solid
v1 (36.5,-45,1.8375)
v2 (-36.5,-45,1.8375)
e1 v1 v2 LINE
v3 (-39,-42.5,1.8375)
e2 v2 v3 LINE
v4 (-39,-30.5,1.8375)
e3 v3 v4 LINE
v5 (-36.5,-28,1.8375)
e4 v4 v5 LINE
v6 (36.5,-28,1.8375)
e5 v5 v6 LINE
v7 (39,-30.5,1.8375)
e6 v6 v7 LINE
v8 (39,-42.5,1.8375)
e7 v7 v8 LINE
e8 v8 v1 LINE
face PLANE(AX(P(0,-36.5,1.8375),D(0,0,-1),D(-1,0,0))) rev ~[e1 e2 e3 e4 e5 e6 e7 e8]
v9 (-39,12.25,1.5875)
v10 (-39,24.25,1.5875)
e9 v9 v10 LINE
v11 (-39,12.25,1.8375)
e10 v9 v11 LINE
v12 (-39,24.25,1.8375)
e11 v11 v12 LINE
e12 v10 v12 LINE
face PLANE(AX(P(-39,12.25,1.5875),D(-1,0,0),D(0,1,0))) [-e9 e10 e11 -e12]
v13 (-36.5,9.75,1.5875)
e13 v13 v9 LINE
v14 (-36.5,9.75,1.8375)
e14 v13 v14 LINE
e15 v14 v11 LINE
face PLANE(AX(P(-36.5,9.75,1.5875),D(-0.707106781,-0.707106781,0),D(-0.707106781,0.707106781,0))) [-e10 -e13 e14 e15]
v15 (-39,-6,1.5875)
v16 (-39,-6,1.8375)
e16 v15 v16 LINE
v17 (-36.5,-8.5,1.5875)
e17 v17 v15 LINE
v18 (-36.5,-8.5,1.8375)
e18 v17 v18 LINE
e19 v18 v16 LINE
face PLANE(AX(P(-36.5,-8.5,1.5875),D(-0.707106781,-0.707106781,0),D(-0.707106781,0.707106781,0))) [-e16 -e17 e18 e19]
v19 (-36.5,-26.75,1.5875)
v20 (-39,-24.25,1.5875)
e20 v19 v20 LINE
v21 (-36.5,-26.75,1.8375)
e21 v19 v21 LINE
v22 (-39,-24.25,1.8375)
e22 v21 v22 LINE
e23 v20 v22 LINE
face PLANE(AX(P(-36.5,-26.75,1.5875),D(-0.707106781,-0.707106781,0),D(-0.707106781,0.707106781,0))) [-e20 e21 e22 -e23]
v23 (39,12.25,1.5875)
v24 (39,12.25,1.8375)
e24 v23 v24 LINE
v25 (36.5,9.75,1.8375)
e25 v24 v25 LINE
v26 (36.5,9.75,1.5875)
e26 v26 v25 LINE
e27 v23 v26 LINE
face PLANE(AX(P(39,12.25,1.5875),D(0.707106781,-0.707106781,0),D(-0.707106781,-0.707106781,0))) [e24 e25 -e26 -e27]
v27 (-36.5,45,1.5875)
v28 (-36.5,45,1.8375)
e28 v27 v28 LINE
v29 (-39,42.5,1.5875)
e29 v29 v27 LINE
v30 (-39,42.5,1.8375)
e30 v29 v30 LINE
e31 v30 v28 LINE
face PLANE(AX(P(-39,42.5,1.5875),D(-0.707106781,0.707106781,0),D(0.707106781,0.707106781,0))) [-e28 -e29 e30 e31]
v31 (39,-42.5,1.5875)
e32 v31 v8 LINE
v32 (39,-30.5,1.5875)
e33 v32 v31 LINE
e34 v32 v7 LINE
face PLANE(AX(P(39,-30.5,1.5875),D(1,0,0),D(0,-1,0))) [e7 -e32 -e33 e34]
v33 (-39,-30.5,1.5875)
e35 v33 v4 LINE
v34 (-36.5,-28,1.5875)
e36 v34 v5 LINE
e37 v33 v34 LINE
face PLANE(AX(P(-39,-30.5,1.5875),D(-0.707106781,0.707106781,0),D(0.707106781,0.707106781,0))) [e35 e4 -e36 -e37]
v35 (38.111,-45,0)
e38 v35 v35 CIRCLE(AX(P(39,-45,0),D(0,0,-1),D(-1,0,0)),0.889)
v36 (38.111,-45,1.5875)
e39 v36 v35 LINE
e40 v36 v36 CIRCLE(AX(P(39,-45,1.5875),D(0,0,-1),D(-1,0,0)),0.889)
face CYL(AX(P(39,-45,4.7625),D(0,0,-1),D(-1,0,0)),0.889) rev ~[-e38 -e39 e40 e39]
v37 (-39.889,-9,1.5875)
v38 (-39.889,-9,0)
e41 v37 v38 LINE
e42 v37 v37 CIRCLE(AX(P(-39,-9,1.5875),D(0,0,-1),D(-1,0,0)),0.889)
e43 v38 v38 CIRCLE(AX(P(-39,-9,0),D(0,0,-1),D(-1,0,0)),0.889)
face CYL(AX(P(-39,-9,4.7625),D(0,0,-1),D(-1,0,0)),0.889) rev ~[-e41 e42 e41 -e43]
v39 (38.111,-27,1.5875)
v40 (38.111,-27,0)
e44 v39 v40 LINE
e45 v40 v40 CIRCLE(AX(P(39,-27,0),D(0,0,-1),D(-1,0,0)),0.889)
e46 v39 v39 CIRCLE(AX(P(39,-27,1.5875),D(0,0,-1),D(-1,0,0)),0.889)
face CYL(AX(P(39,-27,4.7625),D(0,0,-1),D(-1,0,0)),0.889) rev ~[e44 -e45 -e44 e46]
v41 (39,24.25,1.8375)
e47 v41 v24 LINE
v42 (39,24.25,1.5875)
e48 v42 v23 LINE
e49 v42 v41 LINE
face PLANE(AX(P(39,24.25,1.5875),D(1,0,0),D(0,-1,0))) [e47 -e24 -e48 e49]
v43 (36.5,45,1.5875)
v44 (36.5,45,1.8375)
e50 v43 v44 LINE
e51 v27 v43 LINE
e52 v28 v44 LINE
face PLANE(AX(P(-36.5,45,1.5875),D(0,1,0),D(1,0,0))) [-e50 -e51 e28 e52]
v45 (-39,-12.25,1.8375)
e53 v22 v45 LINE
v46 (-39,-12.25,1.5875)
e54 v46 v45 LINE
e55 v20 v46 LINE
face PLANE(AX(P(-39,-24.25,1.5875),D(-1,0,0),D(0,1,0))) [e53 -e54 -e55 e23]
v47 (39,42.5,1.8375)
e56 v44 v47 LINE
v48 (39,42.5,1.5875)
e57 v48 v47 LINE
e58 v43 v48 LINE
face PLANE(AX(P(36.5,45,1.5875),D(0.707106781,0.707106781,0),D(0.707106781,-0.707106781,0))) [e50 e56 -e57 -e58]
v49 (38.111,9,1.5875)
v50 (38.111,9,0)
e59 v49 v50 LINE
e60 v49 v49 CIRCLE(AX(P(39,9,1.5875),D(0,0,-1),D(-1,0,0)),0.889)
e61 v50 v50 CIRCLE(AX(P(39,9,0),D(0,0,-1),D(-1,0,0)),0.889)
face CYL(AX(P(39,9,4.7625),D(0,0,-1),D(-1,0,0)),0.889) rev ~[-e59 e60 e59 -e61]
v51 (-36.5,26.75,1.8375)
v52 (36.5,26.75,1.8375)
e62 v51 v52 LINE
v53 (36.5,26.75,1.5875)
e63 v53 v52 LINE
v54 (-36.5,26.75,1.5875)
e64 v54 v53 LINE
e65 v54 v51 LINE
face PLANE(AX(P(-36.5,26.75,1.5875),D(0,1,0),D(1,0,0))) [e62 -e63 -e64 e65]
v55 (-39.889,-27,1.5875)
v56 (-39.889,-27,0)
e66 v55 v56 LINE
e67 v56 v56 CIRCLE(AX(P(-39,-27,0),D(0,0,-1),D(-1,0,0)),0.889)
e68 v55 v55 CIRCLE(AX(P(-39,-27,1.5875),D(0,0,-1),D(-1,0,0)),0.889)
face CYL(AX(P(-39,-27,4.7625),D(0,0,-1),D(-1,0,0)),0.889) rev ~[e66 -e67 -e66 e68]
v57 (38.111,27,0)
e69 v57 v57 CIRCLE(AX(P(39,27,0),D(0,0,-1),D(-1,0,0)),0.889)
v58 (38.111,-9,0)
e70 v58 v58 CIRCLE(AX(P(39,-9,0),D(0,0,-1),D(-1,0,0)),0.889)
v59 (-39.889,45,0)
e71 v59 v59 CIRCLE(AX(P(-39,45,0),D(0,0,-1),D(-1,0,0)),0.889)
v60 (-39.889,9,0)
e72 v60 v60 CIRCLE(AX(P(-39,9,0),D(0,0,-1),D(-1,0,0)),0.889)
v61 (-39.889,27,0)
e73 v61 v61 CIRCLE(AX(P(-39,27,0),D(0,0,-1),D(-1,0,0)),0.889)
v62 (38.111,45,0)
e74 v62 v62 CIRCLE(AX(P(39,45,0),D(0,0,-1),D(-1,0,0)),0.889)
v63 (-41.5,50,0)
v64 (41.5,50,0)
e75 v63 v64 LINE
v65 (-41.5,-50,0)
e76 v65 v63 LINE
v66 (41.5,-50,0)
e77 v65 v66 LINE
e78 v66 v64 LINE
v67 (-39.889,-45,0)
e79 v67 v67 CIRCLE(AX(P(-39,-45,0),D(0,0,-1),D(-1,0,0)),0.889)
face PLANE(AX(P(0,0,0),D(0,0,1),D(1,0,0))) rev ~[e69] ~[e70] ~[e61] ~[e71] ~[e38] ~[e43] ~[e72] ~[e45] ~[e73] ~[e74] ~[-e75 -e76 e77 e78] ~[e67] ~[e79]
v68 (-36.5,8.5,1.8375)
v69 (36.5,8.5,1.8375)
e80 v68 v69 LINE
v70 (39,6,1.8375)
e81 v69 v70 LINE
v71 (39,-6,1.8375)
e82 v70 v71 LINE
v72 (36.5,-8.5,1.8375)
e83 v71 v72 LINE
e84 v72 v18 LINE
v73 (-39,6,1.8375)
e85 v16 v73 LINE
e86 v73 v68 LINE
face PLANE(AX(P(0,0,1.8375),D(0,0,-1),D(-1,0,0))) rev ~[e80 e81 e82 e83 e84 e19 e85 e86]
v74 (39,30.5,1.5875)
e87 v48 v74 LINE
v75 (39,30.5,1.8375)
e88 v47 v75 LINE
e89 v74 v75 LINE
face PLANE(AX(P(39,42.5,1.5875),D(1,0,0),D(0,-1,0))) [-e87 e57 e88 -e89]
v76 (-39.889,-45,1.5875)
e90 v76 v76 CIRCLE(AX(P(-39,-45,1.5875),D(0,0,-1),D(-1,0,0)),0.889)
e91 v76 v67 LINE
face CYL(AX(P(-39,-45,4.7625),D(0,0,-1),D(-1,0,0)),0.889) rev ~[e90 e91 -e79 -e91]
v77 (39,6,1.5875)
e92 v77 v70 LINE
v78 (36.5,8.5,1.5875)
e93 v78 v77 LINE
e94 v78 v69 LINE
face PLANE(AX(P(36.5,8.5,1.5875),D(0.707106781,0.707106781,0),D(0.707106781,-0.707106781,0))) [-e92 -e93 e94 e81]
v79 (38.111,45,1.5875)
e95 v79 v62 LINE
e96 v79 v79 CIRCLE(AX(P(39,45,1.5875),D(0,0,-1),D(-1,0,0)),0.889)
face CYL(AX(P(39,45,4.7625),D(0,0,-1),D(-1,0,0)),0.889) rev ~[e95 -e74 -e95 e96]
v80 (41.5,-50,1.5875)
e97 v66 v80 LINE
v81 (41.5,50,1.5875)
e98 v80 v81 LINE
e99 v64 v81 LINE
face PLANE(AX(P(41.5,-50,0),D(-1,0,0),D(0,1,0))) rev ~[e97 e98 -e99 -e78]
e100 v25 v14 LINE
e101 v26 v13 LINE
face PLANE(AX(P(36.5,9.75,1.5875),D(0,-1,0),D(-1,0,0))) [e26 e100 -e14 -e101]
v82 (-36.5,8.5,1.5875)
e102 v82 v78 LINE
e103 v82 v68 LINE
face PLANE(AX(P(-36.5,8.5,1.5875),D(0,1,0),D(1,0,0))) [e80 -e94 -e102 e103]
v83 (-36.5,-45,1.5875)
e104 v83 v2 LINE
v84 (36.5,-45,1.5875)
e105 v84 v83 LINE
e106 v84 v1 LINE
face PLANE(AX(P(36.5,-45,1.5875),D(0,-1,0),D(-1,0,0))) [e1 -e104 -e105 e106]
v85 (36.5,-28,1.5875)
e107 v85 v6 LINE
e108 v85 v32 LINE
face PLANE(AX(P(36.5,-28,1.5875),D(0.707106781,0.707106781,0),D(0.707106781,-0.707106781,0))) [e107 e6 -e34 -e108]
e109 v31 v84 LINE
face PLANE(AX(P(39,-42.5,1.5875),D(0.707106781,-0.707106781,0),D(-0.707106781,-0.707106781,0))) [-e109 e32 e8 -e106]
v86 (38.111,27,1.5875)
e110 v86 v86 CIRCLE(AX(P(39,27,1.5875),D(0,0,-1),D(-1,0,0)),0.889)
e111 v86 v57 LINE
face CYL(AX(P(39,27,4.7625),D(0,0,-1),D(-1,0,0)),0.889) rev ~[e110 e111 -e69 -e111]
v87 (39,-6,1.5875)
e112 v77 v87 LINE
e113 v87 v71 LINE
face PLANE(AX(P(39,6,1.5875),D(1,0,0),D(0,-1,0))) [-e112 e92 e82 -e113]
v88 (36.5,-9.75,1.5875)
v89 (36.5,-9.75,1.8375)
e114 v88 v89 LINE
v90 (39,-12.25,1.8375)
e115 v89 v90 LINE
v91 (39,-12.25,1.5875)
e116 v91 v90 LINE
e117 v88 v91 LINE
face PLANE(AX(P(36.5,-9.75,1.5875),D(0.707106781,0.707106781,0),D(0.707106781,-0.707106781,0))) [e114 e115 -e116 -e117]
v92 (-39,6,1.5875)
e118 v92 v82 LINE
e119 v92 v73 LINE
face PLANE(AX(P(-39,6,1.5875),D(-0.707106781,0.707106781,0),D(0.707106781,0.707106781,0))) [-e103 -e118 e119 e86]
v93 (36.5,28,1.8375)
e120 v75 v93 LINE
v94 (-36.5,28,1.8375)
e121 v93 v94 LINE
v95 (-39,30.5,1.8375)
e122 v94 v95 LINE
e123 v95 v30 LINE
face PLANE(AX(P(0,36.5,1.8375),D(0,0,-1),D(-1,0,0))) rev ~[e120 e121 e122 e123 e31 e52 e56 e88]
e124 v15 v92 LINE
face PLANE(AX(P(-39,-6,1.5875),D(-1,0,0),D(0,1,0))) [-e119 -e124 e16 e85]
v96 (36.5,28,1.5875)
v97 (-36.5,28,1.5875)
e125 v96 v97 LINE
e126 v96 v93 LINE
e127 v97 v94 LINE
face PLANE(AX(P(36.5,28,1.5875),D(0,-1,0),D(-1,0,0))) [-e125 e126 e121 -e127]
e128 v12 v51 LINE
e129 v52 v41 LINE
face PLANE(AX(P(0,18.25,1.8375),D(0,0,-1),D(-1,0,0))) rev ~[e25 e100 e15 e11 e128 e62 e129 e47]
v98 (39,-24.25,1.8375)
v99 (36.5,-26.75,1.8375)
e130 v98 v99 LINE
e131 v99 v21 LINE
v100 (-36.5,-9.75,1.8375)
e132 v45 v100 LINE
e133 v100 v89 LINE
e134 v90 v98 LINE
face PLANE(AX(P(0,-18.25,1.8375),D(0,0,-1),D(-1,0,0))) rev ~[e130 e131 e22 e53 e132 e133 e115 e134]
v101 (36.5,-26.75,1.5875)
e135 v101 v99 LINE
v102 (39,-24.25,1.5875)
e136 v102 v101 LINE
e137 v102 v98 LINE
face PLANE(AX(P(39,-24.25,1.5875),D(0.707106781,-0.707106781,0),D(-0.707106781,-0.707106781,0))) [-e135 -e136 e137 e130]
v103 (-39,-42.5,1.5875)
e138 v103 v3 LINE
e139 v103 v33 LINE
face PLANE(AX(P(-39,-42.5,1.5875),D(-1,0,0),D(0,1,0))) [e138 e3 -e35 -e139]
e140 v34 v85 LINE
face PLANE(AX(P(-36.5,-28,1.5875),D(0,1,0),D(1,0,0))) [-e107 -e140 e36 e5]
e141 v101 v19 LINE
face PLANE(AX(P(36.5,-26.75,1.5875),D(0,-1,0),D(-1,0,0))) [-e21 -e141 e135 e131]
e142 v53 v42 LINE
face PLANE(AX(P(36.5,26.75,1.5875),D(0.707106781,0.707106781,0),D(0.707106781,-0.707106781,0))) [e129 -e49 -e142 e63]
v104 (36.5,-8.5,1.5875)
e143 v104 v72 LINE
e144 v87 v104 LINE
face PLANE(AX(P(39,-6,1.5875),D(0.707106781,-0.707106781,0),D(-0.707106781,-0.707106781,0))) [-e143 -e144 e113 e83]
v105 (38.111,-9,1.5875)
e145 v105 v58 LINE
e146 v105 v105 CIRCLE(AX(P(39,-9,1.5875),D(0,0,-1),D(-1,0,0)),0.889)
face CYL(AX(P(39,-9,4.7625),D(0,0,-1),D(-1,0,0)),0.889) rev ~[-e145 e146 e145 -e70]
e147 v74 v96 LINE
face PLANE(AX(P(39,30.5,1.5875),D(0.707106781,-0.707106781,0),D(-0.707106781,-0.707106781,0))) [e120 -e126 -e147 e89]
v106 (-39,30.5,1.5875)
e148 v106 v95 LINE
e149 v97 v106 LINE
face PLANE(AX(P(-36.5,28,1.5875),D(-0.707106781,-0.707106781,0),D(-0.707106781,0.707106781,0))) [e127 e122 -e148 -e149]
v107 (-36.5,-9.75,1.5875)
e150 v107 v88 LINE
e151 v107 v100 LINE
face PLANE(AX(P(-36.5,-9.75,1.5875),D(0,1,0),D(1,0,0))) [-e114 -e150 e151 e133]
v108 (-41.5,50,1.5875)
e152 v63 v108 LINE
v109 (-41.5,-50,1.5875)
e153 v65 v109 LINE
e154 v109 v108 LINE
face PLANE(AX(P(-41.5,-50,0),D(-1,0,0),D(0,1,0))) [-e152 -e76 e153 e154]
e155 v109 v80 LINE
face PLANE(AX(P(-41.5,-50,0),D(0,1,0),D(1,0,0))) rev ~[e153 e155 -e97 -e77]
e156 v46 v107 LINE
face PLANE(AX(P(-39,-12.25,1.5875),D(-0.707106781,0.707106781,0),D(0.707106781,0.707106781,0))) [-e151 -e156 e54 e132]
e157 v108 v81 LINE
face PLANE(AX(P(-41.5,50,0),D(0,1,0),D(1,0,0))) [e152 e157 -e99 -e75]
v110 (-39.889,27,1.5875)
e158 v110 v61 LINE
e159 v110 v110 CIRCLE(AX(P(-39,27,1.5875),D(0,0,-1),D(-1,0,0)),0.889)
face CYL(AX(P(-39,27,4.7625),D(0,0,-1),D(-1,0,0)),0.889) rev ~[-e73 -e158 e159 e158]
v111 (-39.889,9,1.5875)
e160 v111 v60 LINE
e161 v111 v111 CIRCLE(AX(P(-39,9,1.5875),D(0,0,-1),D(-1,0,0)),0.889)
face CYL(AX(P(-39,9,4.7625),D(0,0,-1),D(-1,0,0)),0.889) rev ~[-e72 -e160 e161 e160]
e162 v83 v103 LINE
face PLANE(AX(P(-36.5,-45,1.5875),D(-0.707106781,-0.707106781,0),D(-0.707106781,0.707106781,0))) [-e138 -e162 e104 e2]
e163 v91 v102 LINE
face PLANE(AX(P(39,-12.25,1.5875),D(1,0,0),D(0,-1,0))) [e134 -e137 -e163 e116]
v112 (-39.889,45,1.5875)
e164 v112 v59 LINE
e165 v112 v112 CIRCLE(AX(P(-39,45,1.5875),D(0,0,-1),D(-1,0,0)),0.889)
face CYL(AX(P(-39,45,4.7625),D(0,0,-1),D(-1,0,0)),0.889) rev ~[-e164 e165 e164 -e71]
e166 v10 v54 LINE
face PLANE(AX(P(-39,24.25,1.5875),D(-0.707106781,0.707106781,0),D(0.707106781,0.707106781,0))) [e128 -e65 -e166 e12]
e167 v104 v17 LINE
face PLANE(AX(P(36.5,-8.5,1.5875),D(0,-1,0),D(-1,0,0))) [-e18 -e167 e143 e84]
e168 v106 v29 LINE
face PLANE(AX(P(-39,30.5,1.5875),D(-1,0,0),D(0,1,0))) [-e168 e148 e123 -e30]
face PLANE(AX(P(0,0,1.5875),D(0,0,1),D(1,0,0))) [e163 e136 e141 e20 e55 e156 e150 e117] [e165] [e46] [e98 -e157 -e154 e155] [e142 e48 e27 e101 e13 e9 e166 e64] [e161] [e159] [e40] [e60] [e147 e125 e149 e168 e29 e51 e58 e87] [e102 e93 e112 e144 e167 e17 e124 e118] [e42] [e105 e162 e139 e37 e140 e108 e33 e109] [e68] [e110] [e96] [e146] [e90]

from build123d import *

# Parameters (mm, degrees)
SKETCH1_W                 = 83
SKETCH1_H                 = 100
BOSS_EXTRUDE1_DEPTH       = 1.5875
BOSS_EXTRUDE2_DEPTH       = 0.25
F_0_CLEARANCE_HOLE1_D     = 1.778
F_0_CLEARANCE_HOLE1_DEPTH = 3.175
F_0_CLEARANCE_HOLE1_TIP   = 0.53416509


with BuildPart() as part:
    # Sketch1 → Boss-Extrude1 (new body)
    with BuildSketch(Plane.XY):
        Rectangle(SKETCH1_W, SKETCH1_H)
    extrude(amount=BOSS_EXTRUDE1_DEPTH)

    # Sketch2 → Boss-Extrude2 (add)
    with BuildSketch(Plane.XY.offset(1.5875)):
        Polygon((-36.5, 45), (36.5, 45), (39, 42.5), (39, 30.5), (36.5, 28), (-36.5, 28), (-39, 30.5), (-39, 42.5), align=None)
        Polygon((-36.5, 26.75), (36.5, 26.75), (39, 24.25), (39, 12.25), (36.5, 9.75), (-36.5, 9.75), (-39, 12.25), (-39, 24.25), align=None)
        Polygon((-36.5, 8.5), (36.5, 8.5), (39, 6), (39, -6), (36.5, -8.5), (-36.5, -8.5), (-39, -6), (-39, 6), align=None)
        Polygon((-36.5, -9.75), (36.5, -9.75), (39, -12.25), (39, -24.25), (36.5, -26.75), (-36.5, -26.75), (-39, -24.25), (-39, -12.25), align=None)
        Polygon((-36.5, -28), (36.5, -28), (39, -30.5), (39, -42.5), (36.5, -45), (-36.5, -45), (-39, -42.5), (-39, -30.5), align=None)
    extrude(amount=BOSS_EXTRUDE2_DEPTH)

    # #0 Clearance Hole1
    with Locations(Plane.XY.offset(1.5875)):
        with Locations((-39, 45), (-39, 27), (-39, 9), (-39, -9), (-39, -27), (-39, -45), (39, -45), (39, -27), (39, -9), (39, 9), (39, 27), (39, 45)):
            Hole(F_0_CLEARANCE_HOLE1_D / 2, depth=F_0_CLEARANCE_HOLE1_DEPTH)
            with Locations((0, 0, -(F_0_CLEARANCE_HOLE1_DEPTH + F_0_CLEARANCE_HOLE1_TIP / 2))):  # 118° drill point
                Cone(0, F_0_CLEARANCE_HOLE1_D / 2, F_0_CLEARANCE_HOLE1_TIP, mode=Mode.SUBTRACT)


solid = part.part
